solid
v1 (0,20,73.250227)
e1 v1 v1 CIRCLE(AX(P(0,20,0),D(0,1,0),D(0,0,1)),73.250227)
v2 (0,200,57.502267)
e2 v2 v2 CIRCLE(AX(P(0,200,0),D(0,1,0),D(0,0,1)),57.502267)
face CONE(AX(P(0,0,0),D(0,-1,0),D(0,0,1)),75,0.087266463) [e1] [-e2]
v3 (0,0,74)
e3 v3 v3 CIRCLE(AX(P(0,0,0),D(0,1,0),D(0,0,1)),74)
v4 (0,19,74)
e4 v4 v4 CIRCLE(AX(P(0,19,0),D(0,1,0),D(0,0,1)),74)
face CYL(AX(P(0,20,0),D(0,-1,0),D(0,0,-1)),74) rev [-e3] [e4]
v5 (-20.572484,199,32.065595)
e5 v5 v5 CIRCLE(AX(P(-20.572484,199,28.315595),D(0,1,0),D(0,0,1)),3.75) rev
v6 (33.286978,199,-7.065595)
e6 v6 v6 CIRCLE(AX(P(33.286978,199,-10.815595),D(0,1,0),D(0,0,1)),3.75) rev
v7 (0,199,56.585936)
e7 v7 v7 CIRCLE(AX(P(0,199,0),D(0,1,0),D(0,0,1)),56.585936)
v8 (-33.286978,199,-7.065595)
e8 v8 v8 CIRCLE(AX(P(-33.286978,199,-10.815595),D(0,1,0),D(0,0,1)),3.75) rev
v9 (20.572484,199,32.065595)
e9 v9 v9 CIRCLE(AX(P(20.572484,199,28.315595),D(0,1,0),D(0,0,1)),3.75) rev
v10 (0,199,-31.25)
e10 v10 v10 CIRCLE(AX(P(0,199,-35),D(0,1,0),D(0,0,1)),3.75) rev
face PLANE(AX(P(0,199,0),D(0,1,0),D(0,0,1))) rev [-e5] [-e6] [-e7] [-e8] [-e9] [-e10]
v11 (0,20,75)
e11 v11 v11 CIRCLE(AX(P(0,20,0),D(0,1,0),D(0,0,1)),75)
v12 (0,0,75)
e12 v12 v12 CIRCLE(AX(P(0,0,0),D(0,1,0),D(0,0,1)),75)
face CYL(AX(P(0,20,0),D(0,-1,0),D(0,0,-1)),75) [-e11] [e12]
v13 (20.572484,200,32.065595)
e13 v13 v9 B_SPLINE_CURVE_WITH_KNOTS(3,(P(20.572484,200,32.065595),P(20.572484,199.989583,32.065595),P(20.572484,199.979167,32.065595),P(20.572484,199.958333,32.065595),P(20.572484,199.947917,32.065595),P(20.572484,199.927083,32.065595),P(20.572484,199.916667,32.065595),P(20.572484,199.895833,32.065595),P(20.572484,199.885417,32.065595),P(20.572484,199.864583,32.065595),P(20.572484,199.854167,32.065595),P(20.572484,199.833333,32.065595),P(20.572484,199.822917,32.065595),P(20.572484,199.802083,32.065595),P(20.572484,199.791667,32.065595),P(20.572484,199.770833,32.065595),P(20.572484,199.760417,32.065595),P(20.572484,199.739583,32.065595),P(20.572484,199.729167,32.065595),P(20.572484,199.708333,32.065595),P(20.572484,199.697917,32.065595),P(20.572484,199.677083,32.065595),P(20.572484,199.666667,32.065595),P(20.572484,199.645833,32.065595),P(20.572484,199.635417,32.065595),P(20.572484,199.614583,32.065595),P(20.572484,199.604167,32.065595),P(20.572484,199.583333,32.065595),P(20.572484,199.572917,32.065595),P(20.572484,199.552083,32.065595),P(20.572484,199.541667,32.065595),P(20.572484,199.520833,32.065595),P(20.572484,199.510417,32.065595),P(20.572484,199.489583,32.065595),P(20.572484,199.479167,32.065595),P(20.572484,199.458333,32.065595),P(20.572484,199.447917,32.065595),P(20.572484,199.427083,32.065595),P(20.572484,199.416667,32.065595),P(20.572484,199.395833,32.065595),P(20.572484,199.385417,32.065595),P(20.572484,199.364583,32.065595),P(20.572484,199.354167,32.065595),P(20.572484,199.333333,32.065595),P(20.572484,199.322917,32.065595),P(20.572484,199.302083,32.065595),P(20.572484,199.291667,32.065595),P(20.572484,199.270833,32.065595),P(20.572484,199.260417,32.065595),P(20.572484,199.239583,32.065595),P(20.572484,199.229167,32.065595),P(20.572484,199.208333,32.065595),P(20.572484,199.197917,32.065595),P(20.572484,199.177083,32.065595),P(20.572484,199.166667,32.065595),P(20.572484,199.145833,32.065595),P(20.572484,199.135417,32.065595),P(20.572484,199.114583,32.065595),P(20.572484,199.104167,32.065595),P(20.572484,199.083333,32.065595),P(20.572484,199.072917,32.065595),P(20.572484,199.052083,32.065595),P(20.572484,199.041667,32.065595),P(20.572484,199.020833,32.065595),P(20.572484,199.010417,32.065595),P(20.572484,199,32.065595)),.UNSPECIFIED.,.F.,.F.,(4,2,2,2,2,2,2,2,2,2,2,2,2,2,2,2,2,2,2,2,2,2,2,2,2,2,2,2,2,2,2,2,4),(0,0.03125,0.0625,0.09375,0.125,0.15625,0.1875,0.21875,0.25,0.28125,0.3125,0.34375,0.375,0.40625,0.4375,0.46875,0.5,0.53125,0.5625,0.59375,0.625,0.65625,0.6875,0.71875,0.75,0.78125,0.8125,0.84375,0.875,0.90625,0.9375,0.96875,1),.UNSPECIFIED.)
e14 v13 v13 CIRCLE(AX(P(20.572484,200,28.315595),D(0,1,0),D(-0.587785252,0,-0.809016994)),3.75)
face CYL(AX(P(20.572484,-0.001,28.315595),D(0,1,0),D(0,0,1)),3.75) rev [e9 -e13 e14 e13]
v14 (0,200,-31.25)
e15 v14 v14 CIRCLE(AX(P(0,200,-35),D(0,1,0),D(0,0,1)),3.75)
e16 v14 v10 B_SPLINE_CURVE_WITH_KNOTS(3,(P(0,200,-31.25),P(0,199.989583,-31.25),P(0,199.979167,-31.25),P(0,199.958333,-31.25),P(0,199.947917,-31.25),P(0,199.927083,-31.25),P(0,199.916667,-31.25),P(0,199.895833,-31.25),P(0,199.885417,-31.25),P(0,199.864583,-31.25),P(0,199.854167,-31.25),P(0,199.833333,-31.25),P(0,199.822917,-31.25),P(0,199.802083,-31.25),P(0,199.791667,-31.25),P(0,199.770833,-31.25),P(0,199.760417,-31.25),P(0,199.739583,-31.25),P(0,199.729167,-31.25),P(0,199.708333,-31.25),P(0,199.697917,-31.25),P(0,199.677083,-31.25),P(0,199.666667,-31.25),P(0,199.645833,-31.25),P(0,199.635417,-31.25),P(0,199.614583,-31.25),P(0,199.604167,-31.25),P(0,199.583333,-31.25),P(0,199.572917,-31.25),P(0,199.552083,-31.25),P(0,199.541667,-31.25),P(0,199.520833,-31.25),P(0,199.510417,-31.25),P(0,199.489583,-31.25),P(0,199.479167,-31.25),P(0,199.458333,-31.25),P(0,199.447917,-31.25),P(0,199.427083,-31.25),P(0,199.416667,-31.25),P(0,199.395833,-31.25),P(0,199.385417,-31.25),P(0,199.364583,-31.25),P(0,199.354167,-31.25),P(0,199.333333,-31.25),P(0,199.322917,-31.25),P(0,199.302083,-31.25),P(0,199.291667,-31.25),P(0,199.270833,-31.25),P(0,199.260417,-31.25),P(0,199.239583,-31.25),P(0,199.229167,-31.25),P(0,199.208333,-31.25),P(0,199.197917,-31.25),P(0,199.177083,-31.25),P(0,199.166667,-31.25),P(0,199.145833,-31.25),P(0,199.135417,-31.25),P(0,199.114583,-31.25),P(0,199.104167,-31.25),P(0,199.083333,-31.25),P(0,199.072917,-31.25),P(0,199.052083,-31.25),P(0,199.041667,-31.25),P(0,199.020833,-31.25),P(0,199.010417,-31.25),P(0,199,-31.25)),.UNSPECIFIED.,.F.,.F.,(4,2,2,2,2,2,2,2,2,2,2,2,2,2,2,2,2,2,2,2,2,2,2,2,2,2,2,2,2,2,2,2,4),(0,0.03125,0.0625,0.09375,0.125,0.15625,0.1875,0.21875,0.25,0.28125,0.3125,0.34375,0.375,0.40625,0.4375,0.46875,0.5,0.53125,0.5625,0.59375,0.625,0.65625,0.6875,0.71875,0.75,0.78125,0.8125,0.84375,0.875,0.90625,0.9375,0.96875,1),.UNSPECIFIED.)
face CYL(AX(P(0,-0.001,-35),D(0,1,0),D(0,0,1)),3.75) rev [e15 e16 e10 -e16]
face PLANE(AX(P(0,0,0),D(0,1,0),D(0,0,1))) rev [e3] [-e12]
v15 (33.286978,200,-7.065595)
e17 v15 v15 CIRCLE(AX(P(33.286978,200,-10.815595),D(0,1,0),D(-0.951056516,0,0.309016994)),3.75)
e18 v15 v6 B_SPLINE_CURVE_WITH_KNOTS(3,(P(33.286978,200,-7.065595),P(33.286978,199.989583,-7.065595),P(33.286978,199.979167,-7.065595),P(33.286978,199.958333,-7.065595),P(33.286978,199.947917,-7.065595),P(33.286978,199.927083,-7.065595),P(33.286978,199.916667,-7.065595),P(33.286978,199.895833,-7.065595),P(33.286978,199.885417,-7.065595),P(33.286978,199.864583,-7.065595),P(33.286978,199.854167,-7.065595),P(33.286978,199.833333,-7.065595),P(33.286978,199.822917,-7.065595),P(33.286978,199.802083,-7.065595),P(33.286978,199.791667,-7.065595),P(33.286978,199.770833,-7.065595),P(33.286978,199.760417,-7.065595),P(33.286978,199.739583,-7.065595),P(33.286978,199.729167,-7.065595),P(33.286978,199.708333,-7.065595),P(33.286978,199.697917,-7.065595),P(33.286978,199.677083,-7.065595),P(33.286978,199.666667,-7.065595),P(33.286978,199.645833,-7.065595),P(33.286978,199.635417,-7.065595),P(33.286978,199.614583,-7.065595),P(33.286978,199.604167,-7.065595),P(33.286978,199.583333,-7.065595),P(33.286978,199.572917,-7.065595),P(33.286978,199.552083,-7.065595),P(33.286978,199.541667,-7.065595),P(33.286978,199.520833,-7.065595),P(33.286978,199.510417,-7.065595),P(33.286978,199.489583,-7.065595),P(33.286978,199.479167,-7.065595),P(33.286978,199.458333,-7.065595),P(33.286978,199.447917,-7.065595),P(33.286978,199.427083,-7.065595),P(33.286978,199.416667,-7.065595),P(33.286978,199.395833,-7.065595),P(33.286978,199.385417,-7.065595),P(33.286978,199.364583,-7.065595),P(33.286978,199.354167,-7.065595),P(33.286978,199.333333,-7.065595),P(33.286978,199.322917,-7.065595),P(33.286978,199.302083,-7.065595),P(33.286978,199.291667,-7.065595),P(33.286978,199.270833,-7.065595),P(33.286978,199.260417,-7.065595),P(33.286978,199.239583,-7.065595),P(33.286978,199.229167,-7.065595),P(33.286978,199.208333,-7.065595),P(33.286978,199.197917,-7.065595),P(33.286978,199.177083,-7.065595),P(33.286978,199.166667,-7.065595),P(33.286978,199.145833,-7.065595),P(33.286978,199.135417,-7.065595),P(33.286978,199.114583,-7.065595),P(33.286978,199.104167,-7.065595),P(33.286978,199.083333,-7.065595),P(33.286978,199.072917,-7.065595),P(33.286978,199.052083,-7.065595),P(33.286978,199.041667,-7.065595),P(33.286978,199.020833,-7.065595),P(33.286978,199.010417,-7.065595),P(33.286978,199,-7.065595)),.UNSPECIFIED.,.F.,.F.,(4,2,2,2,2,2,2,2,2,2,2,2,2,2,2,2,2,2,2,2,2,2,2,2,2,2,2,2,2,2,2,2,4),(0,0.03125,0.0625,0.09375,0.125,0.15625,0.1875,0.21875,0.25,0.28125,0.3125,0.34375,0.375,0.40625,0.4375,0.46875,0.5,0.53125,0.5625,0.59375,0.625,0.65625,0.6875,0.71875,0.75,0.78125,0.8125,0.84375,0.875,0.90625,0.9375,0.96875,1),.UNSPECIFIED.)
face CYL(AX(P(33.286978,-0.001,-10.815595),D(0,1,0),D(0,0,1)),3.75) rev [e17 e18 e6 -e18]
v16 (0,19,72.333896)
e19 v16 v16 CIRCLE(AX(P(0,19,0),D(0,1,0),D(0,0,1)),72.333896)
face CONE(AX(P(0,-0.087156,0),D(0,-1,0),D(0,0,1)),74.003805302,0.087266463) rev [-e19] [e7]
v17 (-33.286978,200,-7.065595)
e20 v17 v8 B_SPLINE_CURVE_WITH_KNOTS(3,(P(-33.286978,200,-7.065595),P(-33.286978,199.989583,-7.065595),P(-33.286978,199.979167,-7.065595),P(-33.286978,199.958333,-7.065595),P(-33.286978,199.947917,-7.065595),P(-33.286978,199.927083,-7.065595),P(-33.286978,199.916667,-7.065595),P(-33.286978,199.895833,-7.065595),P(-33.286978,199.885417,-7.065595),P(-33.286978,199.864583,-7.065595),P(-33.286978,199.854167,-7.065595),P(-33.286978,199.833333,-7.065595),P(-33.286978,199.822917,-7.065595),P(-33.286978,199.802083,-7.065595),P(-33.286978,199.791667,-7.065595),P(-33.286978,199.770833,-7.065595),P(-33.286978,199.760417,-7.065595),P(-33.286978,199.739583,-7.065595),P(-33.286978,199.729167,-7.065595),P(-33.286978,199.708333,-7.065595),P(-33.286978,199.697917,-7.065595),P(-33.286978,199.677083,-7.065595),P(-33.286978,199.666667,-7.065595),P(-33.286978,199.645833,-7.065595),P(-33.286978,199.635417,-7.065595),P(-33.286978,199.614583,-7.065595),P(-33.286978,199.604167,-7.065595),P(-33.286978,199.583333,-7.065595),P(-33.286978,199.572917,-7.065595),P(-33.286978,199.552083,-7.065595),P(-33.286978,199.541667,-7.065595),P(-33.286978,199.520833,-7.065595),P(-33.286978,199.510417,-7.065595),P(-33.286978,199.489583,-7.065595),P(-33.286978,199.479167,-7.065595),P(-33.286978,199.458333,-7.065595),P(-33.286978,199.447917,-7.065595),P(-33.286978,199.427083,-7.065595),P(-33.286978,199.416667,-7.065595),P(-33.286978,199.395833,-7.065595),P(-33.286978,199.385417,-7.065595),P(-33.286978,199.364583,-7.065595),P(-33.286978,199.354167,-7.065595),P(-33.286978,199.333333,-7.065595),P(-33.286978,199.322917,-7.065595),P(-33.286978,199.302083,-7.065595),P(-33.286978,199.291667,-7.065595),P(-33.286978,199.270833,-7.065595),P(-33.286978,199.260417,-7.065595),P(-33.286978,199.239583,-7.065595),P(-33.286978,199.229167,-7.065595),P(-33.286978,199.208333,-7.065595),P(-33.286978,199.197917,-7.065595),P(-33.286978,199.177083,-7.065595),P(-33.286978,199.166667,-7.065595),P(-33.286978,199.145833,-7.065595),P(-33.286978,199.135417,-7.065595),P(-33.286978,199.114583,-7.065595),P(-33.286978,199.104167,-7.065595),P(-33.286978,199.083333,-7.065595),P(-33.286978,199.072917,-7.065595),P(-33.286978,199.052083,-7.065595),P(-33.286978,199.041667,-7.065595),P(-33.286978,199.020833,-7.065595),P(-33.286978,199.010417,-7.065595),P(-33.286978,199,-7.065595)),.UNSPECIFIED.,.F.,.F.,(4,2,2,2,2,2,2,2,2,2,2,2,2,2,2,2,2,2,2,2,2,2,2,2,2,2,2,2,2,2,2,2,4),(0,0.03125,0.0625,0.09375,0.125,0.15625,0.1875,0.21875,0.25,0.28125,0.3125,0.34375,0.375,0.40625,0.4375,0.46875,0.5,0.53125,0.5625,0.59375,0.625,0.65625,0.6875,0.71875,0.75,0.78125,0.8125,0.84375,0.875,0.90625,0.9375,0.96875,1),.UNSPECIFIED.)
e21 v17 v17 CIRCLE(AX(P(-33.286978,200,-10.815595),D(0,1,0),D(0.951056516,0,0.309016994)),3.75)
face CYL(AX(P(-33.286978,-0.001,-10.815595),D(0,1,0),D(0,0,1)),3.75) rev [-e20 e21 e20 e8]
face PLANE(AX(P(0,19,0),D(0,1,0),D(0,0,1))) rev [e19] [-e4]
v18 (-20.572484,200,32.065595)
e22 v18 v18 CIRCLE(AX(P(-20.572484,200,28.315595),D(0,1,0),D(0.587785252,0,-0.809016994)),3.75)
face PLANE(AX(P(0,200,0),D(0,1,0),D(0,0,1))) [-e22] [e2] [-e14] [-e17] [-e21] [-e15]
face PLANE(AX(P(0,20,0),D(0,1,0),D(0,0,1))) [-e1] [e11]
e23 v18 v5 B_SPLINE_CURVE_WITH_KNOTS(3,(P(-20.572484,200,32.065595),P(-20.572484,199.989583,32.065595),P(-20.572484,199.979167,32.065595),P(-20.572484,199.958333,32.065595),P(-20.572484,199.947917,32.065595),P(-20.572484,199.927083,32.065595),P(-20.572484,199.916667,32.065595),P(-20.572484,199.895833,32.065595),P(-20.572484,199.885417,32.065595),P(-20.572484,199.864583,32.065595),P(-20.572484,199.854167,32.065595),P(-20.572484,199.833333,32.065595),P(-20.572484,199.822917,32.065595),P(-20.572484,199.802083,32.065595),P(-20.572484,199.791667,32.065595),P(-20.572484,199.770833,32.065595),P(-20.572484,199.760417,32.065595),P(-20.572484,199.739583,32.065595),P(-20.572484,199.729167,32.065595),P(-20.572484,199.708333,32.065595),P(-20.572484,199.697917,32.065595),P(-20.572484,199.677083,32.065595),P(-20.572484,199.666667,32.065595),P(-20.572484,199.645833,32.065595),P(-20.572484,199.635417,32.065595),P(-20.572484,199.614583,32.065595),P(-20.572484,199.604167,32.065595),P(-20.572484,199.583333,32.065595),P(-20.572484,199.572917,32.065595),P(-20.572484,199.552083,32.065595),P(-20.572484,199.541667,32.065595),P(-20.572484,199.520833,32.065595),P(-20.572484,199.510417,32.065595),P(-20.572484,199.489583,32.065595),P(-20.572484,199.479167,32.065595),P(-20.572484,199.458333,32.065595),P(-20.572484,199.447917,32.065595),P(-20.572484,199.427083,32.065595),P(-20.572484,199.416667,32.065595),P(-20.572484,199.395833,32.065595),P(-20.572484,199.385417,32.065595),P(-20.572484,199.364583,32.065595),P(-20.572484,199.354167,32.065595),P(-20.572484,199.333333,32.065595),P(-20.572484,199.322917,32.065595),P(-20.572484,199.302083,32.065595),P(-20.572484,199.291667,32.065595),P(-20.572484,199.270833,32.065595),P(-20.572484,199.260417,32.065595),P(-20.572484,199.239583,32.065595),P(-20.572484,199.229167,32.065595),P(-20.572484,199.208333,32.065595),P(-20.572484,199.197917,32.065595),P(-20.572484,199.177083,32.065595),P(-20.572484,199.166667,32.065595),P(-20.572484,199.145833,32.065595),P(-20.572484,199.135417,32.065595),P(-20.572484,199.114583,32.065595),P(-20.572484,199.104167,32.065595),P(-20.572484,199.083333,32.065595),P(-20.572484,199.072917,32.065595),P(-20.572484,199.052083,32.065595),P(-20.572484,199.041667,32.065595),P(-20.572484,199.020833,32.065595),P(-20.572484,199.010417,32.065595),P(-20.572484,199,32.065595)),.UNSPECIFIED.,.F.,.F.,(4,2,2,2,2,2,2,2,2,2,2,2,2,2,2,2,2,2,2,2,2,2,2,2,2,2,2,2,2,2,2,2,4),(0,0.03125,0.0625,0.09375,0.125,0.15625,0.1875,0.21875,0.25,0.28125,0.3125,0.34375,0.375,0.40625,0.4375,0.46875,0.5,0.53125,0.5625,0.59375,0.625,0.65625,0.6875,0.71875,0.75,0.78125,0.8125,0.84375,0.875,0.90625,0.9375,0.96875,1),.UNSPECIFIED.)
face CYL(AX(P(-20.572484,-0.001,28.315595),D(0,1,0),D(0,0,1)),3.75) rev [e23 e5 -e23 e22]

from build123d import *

# Parameters (mm, degrees)
SKETCH1_R           = 75
BOSS_EXTRUDE1_DEPTH = 200
BOSS_EXTRUDE1_TAPER = 5
SKETCH2_R           = 75
BOSS_EXTRUDE2_DEPTH = 20
SHELL2_T            = -1
CUT_EXTRUDE1_REACH  = 228.385
SKETCH3_R           = 3.75
CIRPATTERN1_COUNT   = 5


with BuildPart() as part:
    # Sketch1 → Boss-Extrude1 (new body)
    with BuildSketch(Plane(origin=(0, 0, 0), x_dir=(1, 0, 0), z_dir=(0, 1, 0))):
        Circle(SKETCH1_R)
    extrude(amount=BOSS_EXTRUDE1_DEPTH, taper=BOSS_EXTRUDE1_TAPER)

    # Sketch2 → Boss-Extrude2 (add)
    with BuildSketch(Plane(origin=(0, 0, 0), x_dir=(1, 0, 0), z_dir=(0, 1, 0))):
        with Locations(Location((0, 0, 0), (0, 0, 270))):
            Circle(SKETCH2_R)
    extrude(amount=BOSS_EXTRUDE2_DEPTH)

    # Shell2
    shell2_openings = [part.faces().sort_by_distance(p)[0] for p in [
        (0, 0, 0),
    ]]
    offset(amount=SHELL2_T, openings=shell2_openings, kind=Kind.INTERSECTION)

    # Sketch3 → Cut-Extrude1 (cut, up to next)
    with BuildSketch(Plane(origin=(0, 200, 0), x_dir=(1, 0, 0), z_dir=(0, 1, 0)), mode=Mode.PRIVATE) as cut_extrude1_sk1:
        with Locations(Location((0, 35, 0), (0, 0, 270))):
            Circle(SKETCH3_R)
    cut_extrude1_tool1 = extrude(cut_extrude1_sk1.sketch, amount=-CUT_EXTRUDE1_REACH, mode=Mode.PRIVATE) & part.part
    cut_extrude1 = cut_extrude1_tool1.solids().sort_by_distance((0, 200, -35))[0]
    add(cut_extrude1, mode=Mode.SUBTRACT)

    # CirPattern1: Cut-Extrude1 ×5 about axis
    cirpattern1_axis = Axis((0, 0, 0), (0, 1, 0))
    for i in range(1, CIRPATTERN1_COUNT):
        add(cut_extrude1.rotate(cirpattern1_axis, i * 360 / CIRPATTERN1_COUNT), mode=Mode.SUBTRACT)


solid = part.part
